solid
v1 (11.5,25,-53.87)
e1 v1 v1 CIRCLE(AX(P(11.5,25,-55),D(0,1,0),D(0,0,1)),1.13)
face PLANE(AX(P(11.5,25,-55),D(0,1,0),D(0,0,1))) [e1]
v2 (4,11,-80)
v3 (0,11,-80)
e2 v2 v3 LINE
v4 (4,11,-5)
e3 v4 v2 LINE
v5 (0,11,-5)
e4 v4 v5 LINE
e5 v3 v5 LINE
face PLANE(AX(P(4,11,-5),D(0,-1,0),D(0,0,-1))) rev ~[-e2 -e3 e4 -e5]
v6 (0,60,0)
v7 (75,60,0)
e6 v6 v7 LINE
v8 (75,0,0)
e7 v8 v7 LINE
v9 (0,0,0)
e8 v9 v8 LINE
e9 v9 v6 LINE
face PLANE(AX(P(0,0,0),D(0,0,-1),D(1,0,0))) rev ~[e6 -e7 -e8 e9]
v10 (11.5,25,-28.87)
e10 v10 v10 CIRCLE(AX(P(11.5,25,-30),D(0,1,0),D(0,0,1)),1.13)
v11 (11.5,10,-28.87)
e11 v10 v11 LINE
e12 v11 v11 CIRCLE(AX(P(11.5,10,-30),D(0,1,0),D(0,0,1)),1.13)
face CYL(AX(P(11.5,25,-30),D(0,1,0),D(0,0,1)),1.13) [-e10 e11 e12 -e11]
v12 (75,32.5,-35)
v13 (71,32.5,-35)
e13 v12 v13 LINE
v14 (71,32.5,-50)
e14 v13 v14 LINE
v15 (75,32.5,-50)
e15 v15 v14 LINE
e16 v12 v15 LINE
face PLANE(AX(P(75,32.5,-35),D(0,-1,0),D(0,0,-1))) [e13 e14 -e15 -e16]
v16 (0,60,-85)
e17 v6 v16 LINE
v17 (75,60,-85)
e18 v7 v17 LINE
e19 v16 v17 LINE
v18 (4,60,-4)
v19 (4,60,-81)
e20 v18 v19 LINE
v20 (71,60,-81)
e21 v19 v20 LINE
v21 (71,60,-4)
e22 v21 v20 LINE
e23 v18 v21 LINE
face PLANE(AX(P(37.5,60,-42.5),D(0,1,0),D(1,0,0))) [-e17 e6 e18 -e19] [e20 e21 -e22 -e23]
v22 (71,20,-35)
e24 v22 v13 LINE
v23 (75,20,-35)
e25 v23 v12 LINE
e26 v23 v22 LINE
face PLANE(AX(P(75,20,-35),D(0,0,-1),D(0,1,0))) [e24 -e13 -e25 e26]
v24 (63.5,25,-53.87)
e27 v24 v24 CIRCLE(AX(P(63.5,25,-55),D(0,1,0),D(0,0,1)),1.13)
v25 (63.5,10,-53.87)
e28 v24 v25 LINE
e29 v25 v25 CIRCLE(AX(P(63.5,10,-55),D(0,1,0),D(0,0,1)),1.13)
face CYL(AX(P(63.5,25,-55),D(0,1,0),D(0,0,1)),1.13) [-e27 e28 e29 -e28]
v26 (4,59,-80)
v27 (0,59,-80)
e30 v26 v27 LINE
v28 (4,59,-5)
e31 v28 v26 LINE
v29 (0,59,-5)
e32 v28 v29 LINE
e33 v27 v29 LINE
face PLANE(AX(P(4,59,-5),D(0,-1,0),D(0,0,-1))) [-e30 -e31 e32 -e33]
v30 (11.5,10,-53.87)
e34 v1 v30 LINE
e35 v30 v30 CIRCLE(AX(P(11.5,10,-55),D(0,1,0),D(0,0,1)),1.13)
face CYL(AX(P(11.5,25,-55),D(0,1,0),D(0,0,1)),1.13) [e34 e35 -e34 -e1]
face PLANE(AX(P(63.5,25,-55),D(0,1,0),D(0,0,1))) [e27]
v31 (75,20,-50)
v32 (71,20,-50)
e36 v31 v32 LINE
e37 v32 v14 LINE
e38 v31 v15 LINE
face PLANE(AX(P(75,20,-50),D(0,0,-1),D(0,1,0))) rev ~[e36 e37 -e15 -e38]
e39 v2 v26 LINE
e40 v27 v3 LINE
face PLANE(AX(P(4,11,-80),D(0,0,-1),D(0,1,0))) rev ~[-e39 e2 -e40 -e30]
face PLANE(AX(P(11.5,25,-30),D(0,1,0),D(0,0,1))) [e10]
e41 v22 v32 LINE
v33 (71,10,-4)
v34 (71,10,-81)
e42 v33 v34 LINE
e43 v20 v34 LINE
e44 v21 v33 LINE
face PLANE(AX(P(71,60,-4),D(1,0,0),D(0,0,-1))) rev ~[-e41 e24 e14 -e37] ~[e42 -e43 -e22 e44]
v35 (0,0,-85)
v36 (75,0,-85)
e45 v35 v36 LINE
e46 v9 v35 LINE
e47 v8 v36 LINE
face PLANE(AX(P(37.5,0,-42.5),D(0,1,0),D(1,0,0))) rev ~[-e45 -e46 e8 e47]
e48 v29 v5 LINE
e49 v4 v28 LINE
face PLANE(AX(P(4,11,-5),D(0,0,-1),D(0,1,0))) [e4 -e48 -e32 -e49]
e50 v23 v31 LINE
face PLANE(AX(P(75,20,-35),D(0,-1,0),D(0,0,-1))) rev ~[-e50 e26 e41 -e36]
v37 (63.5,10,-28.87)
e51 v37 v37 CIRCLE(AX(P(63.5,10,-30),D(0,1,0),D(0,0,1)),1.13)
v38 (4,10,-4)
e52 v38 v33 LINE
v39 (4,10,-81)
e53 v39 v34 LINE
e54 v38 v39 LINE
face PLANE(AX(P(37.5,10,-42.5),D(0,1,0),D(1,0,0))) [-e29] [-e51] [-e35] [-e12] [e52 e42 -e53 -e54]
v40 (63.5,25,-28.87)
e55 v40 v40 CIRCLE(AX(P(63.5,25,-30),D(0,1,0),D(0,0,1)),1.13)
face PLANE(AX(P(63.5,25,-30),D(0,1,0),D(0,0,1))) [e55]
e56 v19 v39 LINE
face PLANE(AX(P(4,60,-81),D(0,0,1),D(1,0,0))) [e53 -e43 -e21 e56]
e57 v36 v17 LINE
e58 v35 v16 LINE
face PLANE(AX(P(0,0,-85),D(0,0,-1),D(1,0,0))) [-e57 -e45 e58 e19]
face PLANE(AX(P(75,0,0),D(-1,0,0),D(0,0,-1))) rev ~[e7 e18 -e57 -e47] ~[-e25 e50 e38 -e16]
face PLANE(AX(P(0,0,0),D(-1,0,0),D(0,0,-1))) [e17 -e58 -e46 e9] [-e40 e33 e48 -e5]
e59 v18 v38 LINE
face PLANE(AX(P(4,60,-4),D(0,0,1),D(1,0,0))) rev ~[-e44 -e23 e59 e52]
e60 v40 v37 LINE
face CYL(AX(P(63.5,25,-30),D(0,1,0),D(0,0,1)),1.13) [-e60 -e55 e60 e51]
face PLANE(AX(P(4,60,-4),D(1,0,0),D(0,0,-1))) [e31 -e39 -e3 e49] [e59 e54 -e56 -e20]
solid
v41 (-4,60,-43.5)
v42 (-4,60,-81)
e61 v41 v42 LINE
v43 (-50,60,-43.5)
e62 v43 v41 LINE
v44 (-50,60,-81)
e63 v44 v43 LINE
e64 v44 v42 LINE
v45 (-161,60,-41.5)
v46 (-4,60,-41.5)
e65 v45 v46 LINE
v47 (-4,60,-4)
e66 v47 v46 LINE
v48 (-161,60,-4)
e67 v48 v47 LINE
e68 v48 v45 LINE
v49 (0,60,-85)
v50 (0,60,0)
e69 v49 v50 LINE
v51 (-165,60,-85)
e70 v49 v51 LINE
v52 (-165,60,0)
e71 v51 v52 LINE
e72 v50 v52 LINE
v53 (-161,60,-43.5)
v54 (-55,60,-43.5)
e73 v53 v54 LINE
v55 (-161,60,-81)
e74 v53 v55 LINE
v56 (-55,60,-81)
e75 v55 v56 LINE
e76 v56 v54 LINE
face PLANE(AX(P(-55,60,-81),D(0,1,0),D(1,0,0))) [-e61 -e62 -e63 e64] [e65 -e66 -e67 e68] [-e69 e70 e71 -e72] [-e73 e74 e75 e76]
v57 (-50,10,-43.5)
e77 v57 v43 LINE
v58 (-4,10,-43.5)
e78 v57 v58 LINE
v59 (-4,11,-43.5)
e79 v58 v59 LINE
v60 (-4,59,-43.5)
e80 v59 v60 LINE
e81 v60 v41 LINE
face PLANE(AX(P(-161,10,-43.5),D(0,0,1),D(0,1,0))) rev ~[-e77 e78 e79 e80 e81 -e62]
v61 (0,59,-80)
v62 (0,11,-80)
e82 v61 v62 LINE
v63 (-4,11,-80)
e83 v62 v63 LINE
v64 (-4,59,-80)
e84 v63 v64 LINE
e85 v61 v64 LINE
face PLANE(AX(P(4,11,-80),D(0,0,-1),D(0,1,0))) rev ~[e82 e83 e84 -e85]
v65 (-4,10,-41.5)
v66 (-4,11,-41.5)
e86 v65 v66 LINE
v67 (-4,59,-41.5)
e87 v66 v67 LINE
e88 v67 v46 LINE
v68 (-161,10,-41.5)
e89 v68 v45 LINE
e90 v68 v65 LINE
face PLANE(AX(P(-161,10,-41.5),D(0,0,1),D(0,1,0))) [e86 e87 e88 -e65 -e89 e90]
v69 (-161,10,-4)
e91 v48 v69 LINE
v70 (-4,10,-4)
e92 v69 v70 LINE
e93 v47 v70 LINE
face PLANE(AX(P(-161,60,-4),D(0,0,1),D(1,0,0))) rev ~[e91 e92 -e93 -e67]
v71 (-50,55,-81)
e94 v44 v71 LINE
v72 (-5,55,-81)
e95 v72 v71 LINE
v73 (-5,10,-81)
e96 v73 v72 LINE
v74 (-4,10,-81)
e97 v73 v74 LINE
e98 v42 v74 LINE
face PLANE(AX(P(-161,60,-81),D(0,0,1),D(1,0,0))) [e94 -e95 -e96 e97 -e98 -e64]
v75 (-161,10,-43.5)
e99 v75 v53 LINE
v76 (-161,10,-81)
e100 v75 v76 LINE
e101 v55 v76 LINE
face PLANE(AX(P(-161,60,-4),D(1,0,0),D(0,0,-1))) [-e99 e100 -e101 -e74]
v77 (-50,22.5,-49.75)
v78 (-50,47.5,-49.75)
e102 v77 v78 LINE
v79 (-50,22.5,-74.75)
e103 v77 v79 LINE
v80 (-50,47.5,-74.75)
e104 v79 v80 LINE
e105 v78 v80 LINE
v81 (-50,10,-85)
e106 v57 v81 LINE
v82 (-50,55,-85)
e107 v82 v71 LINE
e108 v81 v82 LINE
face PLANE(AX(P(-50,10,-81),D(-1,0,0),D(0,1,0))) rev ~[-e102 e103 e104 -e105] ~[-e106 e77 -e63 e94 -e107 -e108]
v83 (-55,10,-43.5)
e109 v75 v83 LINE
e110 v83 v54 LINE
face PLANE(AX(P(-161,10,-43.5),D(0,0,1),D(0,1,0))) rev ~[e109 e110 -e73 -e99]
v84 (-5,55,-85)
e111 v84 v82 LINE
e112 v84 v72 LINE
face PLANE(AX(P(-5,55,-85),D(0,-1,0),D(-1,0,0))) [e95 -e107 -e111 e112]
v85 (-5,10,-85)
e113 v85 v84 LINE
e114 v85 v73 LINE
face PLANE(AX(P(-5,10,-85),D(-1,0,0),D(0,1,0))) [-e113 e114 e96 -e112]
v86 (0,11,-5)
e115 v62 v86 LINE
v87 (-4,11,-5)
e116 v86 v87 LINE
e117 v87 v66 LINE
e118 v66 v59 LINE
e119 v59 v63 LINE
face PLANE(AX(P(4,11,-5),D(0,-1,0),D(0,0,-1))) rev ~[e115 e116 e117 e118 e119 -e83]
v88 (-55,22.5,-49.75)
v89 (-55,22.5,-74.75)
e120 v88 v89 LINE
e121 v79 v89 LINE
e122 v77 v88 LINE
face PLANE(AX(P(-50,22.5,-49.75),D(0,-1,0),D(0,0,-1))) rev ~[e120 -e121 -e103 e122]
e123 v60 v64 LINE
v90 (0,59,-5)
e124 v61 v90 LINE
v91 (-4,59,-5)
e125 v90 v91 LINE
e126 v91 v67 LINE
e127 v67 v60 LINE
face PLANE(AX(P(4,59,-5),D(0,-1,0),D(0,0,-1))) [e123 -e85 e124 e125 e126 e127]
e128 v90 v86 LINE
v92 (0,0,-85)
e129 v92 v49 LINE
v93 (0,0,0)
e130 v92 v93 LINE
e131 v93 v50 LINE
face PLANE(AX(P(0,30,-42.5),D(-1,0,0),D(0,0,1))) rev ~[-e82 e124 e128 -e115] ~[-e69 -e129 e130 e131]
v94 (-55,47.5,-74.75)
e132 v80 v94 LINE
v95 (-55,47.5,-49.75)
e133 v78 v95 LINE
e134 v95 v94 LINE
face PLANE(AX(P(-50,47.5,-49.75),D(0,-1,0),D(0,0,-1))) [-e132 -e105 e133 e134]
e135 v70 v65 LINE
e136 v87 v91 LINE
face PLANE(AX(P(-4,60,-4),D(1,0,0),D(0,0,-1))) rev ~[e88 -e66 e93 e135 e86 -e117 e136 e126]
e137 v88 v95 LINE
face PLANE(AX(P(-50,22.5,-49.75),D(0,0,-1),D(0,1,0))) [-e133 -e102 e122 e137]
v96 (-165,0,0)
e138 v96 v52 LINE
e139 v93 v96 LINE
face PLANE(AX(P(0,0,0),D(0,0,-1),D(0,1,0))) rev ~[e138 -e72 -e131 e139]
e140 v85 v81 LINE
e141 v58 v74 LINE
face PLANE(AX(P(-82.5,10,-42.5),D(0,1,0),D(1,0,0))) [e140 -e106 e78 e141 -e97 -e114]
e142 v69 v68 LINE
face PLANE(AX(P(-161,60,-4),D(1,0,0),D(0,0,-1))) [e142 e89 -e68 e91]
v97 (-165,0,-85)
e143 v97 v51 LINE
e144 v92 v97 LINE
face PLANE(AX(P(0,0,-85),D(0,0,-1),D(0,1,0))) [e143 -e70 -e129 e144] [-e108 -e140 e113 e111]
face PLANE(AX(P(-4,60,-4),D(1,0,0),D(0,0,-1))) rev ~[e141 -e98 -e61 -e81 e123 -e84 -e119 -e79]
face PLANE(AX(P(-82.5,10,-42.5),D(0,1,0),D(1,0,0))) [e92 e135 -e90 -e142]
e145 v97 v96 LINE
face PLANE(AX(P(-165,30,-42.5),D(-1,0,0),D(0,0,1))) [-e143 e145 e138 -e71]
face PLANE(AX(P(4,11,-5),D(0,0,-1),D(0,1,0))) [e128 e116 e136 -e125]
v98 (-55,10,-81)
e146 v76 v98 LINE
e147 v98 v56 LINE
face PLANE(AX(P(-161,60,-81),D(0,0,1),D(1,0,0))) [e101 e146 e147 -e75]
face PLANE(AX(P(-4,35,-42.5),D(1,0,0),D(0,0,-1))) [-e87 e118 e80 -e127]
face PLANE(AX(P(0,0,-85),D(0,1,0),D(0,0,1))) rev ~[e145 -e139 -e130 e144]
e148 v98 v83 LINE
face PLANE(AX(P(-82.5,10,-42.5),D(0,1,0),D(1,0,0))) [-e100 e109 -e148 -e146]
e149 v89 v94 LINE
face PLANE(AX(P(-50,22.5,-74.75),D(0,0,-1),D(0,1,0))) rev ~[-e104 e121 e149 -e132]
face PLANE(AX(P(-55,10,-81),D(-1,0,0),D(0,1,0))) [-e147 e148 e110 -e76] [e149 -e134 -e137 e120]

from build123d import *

# Parameters (mm, degrees)
IZIM1_W                     = 75
IZIM1_H                     = 85
Y_KSEKLIK_EKSTR_ZYON1_DEPTH = 60
IZIM3_W                     = 67
IZIM3_H                     = 77
KES_EKSTR_ZYON1_DEPTH       = 50
IZIM4_W                     = 85
IZIM4_H                     = 60
Y_KSEKLIK_EKSTR_ZYON2_DEPTH = 165
IZIM5_W                     = 157
IZIM5_H                     = 77
KES_EKSTR_ZYON2_DEPTH       = 50
IZIM7_W                     = 15
IZIM7_H                     = 12.5
KES_EKSTR_ZYON4_DEPTH       = 4
IZIM8_W                     = 75
IZIM8_H                     = 48
KES_EKSTR_ZYON5_DEPTH       = 10
IZIM9_W                     = 2
IZIM9_H                     = 50
Y_KSEKLIK_EKSTR_ZYON3_DEPTH = 157
IZIM11_R                    = 1.13
KES_EKSTR_ZYON6_DEPTH       = 1
Y_KSEKLIK_EKSTR_ZYON4_START = 16
IZIM12_R                    = 1.13
Y_KSEKLIK_EKSTR_ZYON4_DEPTH = 16
IZIM13_W                    = 45
IZIM13_H                    = 45
KES_EKSTR_ZYON7_DEPTH       = 4
Y_KSEKLIK_EKSTR_ZYON5_REACH = 195.355
IZIM14_W                    = 5
IZIM14_H                    = 50
IZIM15_W                    = 25
IZIM15_H                    = 25
KES_EKSTR_ZYON8_DEPTH       = 5


with BuildPart() as part:
    # Çizim1 → Yükseklik-Ekstrüzyon1 (new body)
    with BuildSketch(Plane(origin=(0, 0, 0), x_dir=(1, 0, 0), z_dir=(0, 1, 0))):
        with Locations((37.5, 42.5)):
            Rectangle(IZIM1_W, IZIM1_H)
    extrude(amount=Y_KSEKLIK_EKSTR_ZYON1_DEPTH)

    # Çizim3 → Kes-Ekstrüzyon1 (cut)
    with BuildSketch(Plane(origin=(0, 60, 0), x_dir=(1, 0, 0), z_dir=(0, 1, 0))):
        with Locations((37.5, 42.5)):
            Rectangle(IZIM3_W, IZIM3_H)
    extrude(amount=-KES_EKSTR_ZYON1_DEPTH, mode=Mode.SUBTRACT)

    # Çizim7 → Kes-Ekstrüzyon4 (cut)
    with BuildSketch(Plane(origin=(75, 0, 0), x_dir=(0, 0, -1), z_dir=(1, 0, 0))):
        with Locations((42.5, 26.25)):
            Rectangle(IZIM7_W, IZIM7_H)
    extrude(amount=-KES_EKSTR_ZYON4_DEPTH, mode=Mode.SUBTRACT)


with BuildPart() as body_2:
    # Çizim4 → Yükseklik-Ekstrüzyon2 (new body)
    with BuildSketch(Plane.ZY):
        with Locations((-42.5, 30)):
            Rectangle(IZIM4_W, IZIM4_H)
    extrude(amount=Y_KSEKLIK_EKSTR_ZYON2_DEPTH)

    # Çizim5 → Kes-Ekstrüzyon2 (cut)
    with BuildSketch(Plane(origin=(0, 60, 0), x_dir=(1, 0, 0), z_dir=(0, 1, 0))):
        with Locations((-82.5, 42.5)):
            Rectangle(IZIM5_W, IZIM5_H)
    extrude(amount=-KES_EKSTR_ZYON2_DEPTH, mode=Mode.SUBTRACT)


with BuildPart() as kes_ekstr_zyon5_tool:
    # Çizim8 → Kes-Ekstrüzyon5 (new body)
    with BuildSketch(Plane(origin=(4, 0, 0), x_dir=(0, 0, -1), z_dir=(1, 0, 0))):
        with Locations((42.5, 35)):
            Rectangle(IZIM8_W, IZIM8_H)
    extrude(amount=-KES_EKSTR_ZYON5_DEPTH)


with BuildPart() as part_1:
    add(part.part)

    # Kes-Ekstrüzyon5: cut by kes_ekstr_zyon5_tool
    add(kes_ekstr_zyon5_tool.part, mode=Mode.SUBTRACT)

    # Çizim11 → Kes-Ekstrüzyon6 (cut)
    with BuildSketch(Plane(origin=(0, 10, 0), x_dir=(1, 0, 0), z_dir=(0, 1, 0))):
        with Locations(Location((11.5, 55, 0), (0, 0, 270))):
            Circle(IZIM11_R)
        with Locations(Location((63.5, 55, 0), (0, 0, 270))):
            Circle(IZIM11_R)
        with Locations(Location((63.5, 30, 0), (0, 0, 270))):
            Circle(IZIM11_R)
        with Locations(Location((11.5, 30, 0), (0, 0, 270))):
            Circle(IZIM11_R)
    extrude(amount=-KES_EKSTR_ZYON6_DEPTH, mode=Mode.SUBTRACT)

    # Çizim12 → Yükseklik-Ekstrüzyon4 (add)
    with BuildSketch(Plane(origin=(0, 9, 0), x_dir=(1, 0, 0), z_dir=(0, 1, 0)).offset(Y_KSEKLIK_EKSTR_ZYON4_START)):
        with Locations(Location((11.5, 55, 0), (0, 0, 270))):
            Circle(IZIM12_R)
        with Locations(Location((63.5, 55, 0), (0, 0, 270))):
            Circle(IZIM12_R)
        with Locations(Location((63.5, 30, 0), (0, 0, 270))):
            Circle(IZIM12_R)
        with Locations(Location((11.5, 30, 0), (0, 0, 270))):
            Circle(IZIM12_R)
    extrude(amount=-Y_KSEKLIK_EKSTR_ZYON4_DEPTH)


with BuildPart() as body_2_1:
    add(body_2.part)

    # Kes-Ekstrüzyon5: cut by kes_ekstr_zyon5_tool
    add(kes_ekstr_zyon5_tool.part, mode=Mode.SUBTRACT)

    # Çizim9 → Yükseklik-Ekstrüzyon3 (add)
    with BuildSketch(Plane(origin=(-161, 0, 0), x_dir=(0, 0, -1), z_dir=(1, 0, 0))):
        with Locations((42.5, 35)):
            Rectangle(IZIM9_W, IZIM9_H)
    extrude(amount=Y_KSEKLIK_EKSTR_ZYON3_DEPTH)

    # Çizim13 → Kes-Ekstrüzyon7 (cut)
    with BuildSketch(Plane(origin=(0, 0, -85), x_dir=(-1, 0, 0), z_dir=(0, 0, -1))):
        with Locations((27.5, 32.5)):
            Rectangle(IZIM13_W, IZIM13_H)
    extrude(amount=-KES_EKSTR_ZYON7_DEPTH, mode=Mode.SUBTRACT)

    # Çizim14 → Yükseklik-Ekstrüzyon5 (add, up to next)
    with BuildSketch(Plane.XY.offset(-81), mode=Mode.PRIVATE) as y_kseklik_ekstr_zyon5_sk1:
        with Locations((-52.5, 35)):
            Rectangle(IZIM14_W, IZIM14_H)
    y_kseklik_ekstr_zyon5_tool1 = extrude(y_kseklik_ekstr_zyon5_sk1.sketch, amount=Y_KSEKLIK_EKSTR_ZYON5_REACH, mode=Mode.PRIVATE) - body_2_1.part
    add(y_kseklik_ekstr_zyon5_tool1.solids().sort_by_distance((-52.5, 35, -81))[0])

    # Çizim15 → Kes-Ekstrüzyon8 (cut)
    with BuildSketch(Plane(origin=(-50, 0, 0), x_dir=(0, 0, -1), z_dir=(1, 0, 0))):
        with Locations((62.25, 35)):
            Rectangle(IZIM15_W, IZIM15_H)
    extrude(amount=-KES_EKSTR_ZYON8_DEPTH, mode=Mode.SUBTRACT)


solid = Compound([part_1.part, body_2_1.part])
